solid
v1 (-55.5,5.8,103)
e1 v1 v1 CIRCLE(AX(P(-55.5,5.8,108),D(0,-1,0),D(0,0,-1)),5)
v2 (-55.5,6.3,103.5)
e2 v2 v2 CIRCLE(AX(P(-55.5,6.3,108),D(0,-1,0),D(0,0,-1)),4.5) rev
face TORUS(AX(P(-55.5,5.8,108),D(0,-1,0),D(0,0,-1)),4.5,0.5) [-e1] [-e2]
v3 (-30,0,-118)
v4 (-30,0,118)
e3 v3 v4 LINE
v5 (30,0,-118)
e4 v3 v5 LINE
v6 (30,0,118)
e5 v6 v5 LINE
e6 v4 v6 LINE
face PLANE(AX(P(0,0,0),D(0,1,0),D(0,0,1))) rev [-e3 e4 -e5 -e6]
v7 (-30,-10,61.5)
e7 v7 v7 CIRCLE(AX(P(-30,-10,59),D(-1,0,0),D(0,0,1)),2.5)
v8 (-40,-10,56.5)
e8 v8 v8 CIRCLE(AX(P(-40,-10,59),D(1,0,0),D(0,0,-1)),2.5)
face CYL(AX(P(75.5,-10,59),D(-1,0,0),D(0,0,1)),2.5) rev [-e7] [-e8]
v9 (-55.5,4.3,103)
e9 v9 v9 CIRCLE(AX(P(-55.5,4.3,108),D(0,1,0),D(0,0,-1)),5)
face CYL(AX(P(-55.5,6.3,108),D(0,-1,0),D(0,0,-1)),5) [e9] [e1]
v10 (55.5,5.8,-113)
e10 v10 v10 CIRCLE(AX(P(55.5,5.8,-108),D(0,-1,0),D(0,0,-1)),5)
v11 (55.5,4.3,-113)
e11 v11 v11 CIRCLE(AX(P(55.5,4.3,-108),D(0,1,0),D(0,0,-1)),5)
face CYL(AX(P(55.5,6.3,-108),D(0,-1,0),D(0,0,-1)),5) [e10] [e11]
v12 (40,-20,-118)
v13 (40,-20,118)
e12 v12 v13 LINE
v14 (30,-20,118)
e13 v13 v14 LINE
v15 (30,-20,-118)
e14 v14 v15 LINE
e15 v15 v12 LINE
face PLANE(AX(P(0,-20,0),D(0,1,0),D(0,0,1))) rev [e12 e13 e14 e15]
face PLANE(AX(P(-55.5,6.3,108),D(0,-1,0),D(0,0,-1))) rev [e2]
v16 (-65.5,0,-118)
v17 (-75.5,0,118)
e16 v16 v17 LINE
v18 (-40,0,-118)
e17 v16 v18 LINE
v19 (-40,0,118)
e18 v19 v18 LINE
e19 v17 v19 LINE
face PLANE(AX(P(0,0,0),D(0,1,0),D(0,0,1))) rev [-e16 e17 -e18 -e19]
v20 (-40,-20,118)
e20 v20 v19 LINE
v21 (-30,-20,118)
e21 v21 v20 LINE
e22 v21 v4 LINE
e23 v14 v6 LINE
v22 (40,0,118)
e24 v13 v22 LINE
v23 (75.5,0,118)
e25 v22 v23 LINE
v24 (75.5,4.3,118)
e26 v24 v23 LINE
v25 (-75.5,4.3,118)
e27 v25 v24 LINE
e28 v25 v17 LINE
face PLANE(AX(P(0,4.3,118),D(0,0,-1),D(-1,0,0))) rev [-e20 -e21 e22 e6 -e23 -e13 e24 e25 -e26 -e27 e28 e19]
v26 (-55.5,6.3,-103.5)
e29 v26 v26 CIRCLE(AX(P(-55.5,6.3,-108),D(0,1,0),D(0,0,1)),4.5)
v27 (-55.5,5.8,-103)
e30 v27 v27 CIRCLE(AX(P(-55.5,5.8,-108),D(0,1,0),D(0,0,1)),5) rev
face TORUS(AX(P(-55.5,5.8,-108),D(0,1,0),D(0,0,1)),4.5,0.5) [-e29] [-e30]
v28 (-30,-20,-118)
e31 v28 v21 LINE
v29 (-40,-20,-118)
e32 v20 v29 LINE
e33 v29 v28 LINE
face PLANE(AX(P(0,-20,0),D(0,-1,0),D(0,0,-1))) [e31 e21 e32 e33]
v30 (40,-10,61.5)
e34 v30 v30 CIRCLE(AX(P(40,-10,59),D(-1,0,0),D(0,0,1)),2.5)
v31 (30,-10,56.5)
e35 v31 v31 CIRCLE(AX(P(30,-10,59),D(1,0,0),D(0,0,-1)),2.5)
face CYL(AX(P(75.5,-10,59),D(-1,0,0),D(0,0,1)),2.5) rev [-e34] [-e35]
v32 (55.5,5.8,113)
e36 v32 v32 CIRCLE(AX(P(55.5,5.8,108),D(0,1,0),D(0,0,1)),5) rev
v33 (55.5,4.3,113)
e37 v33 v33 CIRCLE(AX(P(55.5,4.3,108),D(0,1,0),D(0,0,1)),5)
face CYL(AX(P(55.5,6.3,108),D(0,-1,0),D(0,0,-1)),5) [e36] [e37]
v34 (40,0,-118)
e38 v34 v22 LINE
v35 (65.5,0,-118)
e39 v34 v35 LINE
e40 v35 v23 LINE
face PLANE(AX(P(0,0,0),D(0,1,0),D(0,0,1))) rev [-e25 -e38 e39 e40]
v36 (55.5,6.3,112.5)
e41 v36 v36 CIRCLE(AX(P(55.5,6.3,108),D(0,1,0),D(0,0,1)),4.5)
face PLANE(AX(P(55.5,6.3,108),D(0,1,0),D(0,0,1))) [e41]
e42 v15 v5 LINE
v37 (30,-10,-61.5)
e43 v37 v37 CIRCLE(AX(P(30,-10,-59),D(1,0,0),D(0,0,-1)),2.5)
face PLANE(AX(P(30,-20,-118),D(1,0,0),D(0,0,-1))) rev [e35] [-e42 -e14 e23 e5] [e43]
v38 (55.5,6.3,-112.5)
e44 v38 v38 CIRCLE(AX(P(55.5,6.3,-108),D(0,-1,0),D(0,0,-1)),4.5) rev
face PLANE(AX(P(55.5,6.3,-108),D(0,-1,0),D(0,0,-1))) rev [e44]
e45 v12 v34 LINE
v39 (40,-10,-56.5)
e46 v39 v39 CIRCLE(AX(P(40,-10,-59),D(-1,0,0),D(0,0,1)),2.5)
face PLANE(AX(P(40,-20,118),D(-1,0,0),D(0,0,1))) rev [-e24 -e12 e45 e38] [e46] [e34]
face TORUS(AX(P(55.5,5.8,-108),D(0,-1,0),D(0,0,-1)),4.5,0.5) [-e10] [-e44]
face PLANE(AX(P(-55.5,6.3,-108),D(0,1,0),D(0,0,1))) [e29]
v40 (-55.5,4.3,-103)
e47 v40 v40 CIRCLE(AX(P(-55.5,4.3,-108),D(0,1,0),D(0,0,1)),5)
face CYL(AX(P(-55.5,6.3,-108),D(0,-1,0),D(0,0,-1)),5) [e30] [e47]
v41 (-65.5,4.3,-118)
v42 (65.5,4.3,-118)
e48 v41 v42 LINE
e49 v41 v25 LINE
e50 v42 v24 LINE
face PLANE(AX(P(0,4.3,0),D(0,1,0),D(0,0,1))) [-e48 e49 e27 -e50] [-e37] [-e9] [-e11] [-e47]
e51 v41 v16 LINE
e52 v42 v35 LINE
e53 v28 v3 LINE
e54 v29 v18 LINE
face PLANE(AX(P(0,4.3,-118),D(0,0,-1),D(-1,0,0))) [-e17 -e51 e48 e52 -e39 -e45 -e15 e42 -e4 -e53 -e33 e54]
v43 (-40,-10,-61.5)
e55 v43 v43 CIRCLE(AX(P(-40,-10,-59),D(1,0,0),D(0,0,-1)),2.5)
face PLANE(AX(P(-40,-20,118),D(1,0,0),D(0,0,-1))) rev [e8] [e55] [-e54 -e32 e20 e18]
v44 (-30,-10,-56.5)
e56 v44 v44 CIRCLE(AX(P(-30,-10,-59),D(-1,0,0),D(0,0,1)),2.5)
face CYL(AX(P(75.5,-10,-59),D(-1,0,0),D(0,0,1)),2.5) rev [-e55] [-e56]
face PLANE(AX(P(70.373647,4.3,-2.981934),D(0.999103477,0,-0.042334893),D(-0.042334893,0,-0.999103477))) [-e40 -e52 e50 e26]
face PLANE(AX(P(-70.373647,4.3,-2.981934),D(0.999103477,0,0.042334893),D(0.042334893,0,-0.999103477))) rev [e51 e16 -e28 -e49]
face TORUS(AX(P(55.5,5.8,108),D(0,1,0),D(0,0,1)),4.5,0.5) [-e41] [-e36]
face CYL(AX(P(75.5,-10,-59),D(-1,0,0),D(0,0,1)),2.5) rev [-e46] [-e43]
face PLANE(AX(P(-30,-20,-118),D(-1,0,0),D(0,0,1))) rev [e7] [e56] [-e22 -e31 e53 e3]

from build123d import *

# Parameters (mm, degrees)
BOSS_EXTRUDE1_DEPTH     = 4.3
SKETCH3_W               = 10
SKETCH3_H               = 236
BOSS_EXTRUDE2_DEPTH     = 20
SKETCH4_R               = 5
BOSS_EXTRUDE3_DEPTH     = 2
FILLET1_R               = 0.5
SKETCH5_R               = 2.5
CUT_EXTRUDE1_DEPTH      = 36.5
CUT_EXTRUDE1_DEPTH_BACK = 116.5


with BuildPart() as part:
    # Sketch2 → Boss-Extrude1 (new body)
    with BuildSketch(Plane(origin=(0, 0, 0), x_dir=(1, 0, 0), z_dir=(0, 1, 0))):
        Polygon((-75.5, -118), (0, -118), (0, 118), (-65.5, 118), align=None)
        Polygon((0, 118), (0, -118), (75.5, -118), (65.5, 118), align=None)
    extrude(amount=BOSS_EXTRUDE1_DEPTH)

    # Sketch3 → Boss-Extrude2 (add)
    with BuildSketch(Plane.XZ):
        with Locations((-35, 0)):
            Rectangle(SKETCH3_W, SKETCH3_H)
        with Locations((35, 0)):
            Rectangle(SKETCH3_W, SKETCH3_H)
    extrude(amount=BOSS_EXTRUDE2_DEPTH)

    # Sketch4 → Boss-Extrude3 (add)
    with BuildSketch(Plane(origin=(0, 4.3, 0), x_dir=(1, 0, 0), z_dir=(0, 1, 0))):
        with Locations((-55.5, 108)):
            Circle(SKETCH4_R)
        with Locations((55.5, 108)):
            Circle(SKETCH4_R)
        with Locations((-55.5, -108)):
            Circle(SKETCH4_R)
        with Locations((55.5, -108)):
            Circle(SKETCH4_R)
    extrude(amount=BOSS_EXTRUDE3_DEPTH)

    # Fillet1
    fillet1_edges = [part.edges().sort_by_distance(p)[0] for p in [
        (-60.5, 6.3, -108),
        (50.5, 6.3, -108),
        (-60.5, 6.3, 108),
        (50.5, 6.3, 108),
    ]]
    fillet(fillet1_edges, radius=FILLET1_R)

    # Sketch5 → Cut-Extrude1 (cut, two sides)
    with BuildSketch(Plane.ZY.offset(40)) as cut_extrude1_sk:
        with Locations((-59, -10)):
            Circle(SKETCH5_R)
        with Locations((59, -10)):
            Circle(SKETCH5_R)
    extrude(amount=CUT_EXTRUDE1_DEPTH, mode=Mode.SUBTRACT)
    extrude(cut_extrude1_sk.sketch, amount=-CUT_EXTRUDE1_DEPTH_BACK, mode=Mode.SUBTRACT)


solid = part.part
